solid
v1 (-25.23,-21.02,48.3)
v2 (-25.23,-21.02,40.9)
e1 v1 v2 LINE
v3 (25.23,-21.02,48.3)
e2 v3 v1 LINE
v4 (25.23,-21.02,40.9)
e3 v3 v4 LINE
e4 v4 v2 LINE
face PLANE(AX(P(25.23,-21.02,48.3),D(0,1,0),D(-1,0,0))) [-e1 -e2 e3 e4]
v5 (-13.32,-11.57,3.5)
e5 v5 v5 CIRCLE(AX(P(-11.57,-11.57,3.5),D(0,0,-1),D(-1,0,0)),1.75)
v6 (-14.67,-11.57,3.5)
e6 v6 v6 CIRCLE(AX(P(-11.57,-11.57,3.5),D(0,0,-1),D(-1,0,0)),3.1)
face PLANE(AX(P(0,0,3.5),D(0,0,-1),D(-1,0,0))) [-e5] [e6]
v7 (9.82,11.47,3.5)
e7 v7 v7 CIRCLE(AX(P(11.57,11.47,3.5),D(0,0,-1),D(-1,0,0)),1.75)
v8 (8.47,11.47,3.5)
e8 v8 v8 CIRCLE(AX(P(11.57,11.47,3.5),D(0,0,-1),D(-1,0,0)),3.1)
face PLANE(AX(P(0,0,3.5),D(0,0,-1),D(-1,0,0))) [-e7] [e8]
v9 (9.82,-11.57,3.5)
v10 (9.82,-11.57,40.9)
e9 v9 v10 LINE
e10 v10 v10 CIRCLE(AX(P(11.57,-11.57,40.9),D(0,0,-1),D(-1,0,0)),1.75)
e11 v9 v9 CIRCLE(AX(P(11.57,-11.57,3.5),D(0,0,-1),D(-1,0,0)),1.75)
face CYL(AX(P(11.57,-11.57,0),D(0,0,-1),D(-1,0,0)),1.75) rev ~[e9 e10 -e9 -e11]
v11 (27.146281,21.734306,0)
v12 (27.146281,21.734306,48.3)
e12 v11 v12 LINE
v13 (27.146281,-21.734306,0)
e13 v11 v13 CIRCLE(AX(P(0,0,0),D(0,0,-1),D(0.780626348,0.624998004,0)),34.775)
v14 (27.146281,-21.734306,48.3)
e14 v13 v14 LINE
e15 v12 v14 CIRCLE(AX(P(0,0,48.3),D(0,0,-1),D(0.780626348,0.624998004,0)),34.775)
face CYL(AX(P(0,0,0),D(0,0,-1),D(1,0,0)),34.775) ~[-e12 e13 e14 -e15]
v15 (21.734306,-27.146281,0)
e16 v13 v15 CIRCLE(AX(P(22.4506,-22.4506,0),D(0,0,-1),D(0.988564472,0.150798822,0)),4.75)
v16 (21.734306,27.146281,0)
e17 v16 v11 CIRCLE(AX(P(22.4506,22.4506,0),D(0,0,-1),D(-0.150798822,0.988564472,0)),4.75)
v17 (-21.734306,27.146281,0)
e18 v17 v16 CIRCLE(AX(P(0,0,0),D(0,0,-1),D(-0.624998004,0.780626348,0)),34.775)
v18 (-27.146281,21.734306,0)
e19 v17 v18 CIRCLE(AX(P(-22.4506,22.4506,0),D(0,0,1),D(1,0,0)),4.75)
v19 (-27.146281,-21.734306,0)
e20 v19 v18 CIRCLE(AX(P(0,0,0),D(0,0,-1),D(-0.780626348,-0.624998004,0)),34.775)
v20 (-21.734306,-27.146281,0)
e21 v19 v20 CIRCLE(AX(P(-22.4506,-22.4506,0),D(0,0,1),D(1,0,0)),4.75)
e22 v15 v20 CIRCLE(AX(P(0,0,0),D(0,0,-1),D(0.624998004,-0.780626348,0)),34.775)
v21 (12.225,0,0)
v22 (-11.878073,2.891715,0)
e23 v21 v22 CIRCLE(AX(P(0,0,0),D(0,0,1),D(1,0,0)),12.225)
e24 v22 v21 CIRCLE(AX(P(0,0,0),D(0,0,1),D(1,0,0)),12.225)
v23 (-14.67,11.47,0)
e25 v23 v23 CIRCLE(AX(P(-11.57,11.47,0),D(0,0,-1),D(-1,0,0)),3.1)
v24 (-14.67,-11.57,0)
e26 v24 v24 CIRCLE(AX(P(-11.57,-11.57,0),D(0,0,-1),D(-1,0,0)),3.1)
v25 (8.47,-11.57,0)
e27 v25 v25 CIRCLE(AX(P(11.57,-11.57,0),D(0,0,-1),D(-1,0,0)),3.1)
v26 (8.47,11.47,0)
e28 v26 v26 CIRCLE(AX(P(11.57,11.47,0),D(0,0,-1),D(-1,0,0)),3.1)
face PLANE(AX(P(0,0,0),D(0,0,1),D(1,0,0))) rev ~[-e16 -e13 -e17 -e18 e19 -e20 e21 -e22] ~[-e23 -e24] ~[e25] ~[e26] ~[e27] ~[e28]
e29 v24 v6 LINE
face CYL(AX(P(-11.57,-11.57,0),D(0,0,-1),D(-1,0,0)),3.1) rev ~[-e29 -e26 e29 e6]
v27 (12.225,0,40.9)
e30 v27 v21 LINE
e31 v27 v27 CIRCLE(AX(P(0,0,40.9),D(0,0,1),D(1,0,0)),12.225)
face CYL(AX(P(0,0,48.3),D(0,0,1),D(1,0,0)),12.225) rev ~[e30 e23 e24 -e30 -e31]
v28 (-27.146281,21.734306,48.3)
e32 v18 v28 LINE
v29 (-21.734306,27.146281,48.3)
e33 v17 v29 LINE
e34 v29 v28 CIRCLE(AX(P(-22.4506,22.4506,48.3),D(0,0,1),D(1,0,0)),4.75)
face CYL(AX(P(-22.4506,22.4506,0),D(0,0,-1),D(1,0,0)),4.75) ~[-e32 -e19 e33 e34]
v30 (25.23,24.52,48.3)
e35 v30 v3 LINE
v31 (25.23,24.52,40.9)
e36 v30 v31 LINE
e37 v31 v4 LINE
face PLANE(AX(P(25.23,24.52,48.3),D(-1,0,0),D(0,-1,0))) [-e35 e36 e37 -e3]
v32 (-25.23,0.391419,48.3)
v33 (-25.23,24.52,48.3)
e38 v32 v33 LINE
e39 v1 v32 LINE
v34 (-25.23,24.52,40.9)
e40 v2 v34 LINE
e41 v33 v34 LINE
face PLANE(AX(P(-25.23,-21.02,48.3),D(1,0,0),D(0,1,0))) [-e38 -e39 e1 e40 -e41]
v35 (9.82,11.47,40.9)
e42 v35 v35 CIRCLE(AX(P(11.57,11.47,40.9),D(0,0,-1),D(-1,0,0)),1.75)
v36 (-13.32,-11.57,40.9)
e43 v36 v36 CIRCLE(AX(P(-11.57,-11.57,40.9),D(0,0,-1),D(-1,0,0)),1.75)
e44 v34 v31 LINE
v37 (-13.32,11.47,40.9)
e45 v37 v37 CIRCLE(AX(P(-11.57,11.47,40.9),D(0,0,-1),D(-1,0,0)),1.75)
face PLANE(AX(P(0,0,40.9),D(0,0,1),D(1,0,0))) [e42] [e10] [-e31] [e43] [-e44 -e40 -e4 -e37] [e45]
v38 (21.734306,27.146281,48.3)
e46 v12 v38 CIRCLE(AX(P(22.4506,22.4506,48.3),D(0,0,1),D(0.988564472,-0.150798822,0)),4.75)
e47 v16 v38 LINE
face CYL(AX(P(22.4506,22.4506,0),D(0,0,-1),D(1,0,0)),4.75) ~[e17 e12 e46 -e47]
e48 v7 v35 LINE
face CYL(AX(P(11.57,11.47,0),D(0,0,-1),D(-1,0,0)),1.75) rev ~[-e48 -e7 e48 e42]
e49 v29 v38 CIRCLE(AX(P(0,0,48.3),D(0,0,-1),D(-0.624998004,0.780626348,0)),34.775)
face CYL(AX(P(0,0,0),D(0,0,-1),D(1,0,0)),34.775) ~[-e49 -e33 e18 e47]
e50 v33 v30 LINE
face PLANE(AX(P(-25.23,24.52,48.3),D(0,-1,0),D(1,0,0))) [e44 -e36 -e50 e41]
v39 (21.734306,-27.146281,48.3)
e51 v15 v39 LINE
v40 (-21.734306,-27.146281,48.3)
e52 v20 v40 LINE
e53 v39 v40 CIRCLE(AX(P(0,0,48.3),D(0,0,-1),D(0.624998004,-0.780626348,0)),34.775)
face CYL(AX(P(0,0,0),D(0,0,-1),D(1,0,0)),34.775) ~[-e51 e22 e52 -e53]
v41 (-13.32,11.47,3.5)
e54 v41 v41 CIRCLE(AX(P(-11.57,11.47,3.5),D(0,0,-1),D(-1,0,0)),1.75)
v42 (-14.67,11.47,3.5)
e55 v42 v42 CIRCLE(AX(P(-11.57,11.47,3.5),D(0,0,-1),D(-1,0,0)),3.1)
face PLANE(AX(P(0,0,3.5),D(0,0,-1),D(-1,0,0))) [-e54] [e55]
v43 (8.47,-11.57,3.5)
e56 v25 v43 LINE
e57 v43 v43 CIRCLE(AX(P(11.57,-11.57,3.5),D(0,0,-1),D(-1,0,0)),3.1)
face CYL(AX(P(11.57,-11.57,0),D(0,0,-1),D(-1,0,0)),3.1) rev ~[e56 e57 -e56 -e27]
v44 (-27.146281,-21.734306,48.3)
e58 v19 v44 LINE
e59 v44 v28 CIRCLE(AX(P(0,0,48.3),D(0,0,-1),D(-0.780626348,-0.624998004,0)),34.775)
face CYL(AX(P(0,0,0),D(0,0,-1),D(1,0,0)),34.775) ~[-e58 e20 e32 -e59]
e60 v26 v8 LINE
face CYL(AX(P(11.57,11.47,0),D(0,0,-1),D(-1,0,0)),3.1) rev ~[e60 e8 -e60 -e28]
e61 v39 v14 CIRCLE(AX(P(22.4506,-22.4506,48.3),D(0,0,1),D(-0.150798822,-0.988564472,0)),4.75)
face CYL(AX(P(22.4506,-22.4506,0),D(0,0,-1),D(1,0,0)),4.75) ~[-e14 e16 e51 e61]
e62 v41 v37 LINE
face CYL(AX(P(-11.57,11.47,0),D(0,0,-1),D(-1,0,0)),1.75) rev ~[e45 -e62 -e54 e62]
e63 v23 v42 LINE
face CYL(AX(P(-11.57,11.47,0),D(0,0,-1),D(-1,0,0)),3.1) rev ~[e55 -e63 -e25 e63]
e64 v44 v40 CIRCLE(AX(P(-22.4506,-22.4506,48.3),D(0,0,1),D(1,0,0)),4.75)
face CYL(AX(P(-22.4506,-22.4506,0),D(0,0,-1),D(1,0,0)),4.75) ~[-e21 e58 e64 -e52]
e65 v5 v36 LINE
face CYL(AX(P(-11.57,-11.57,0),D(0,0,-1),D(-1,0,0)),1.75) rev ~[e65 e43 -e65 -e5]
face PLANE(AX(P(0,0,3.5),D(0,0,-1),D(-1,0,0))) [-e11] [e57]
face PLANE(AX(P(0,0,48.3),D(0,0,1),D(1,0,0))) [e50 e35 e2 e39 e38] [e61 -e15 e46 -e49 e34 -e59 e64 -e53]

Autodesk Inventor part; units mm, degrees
ref_plane "YZ Plane" through (0, 0, 0) normal (1, 0, 0) x (0, 1, 0)
ref_plane "XZ Plane" through (0, 0, 0) normal (0, 1, 0) x (-1, 0, 0)
ref_plane "XY Plane" through (0, 0, 0) normal (0, 0, 1) x (1, 0, 0)
sketch "Sketch1" plane through (0, 0, 0) normal (0, 0, 1) x (1, 0, 0)
  circle A0 centre (0, 0) radius 11.25
  circle A1 centre (0, 0) radius 37.0304
  arc A2 (-32.7929, -17.201) -> (-31.2929, -19.799) centre (0, 0) ccw
  line L0 (-32.7929, -17.201) -> (-31.0547, -16.1974)
  line L1 (-32.7929, -17.201) -> (-31.0547, -16.1974)
  line L2 (-29.5547, -18.7955) -> (-31.2929, -19.799)
  line L3 (-31.2929, -19.799) -> (-29.5547, -18.7955)
  line L4 (-16.1974, -31.0547) -> (-17.201, -32.7929)
  line L5 (-17.201, -32.7929) -> (-16.1974, -31.0547)
  arc A3 (-19.799, -31.2929) -> (-17.201, -32.7929) centre (0, 0) ccw
  line L6 (-19.799, -31.2929) -> (-18.7955, -29.5547)
  line L7 (-19.799, -31.2929) -> (-18.7955, -29.5547)
  arc A4 (17.201, -32.7929) -> (19.799, -31.2929) centre (0, 0) ccw
  line L8 (17.201, -32.7929) -> (16.1974, -31.0547)
  line L9 (17.201, -32.7929) -> (16.1974, -31.0547)
  line L10 (18.7955, -29.5547) -> (19.799, -31.2929)
  line L11 (19.799, -31.2929) -> (18.7955, -29.5547)
  arc A5 (31.2929, -19.799) -> (32.7929, -17.201) centre (0, 0) ccw
  line L12 (31.2929, -19.799) -> (29.5547, -18.7955)
  line L13 (31.0547, -16.1974) -> (32.7929, -17.201)
  line L14 (32.7929, -17.201) -> (31.0547, -16.1974)
  line L15 (32.7929, 17.201) -> (31.0547, 16.1974)
  line L16 (32.7929, 17.201) -> (31.0547, 16.1974)
  arc A6 (32.7929, 17.201) -> (31.2929, 19.799) centre (0, 0) ccw
  line L17 (29.5547, 18.7955) -> (31.2929, 19.799)
  line L18 (31.2929, 19.799) -> (29.5547, 18.7955)
  line L19 (16.1974, 31.0547) -> (17.201, 32.7929)
  line L20 (17.201, 32.7929) -> (16.1974, 31.0547)
  line L21 (19.799, 31.2929) -> (18.7955, 29.5547)
  line L22 (19.799, 31.2929) -> (18.7955, 29.5547)
  line L23 (-17.201, 32.7929) -> (-16.1974, 31.0547)
  line L24 (-17.201, 32.7929) -> (-16.1974, 31.0547)
  line L25 (-18.7955, 29.5547) -> (-19.799, 31.2929)
  line L26 (-19.799, 31.2929) -> (-18.7955, 29.5547)
  arc A7 (-31.2929, 19.799) -> (-32.7929, 17.201) centre (0, 0) ccw
  line L27 (-31.2929, 19.799) -> (-29.5547, 18.7955)
  line L28 (-31.2929, 19.799) -> (-29.5547, 18.7955)
  line L29 (-31.0547, 16.1974) -> (-32.7929, 17.201)
  line L30 (-32.7929, 17.201) -> (-31.0547, 16.1974)
  arc A8 (-21.806, -27.4089) -> (-27.4089, -21.806) centre (-22.4506, -22.4506) ccw
  circle A9 centre (-31.75, 0) radius 5
  arc A10 (-3.9618, 34.8002) -> (-2.3096, 31.8679) centre (-22.4506, 22.4506) ccw
  circle A11 centre (-22.4506, 22.4506) radius 5
  circle A12 centre (22.4506, 22.4506) radius 5
  circle A13 centre (22.4506, 22.4506) radius 5
  arc A14 (-3.9618, -34.8002) -> (-1.7951, -38.6456) centre (22.4506, -22.4506) ccw
  circle A15 centre (22.4506, -22.4506) radius 5
  circle A16 centre (-22.4506, 22.4506) radius 4.75
  circle A17 centre (-22.4506, -22.4506) radius 4.75
  circle A18 centre (22.4506, -22.4506) radius 4.75
  circle A19 centre (22.4506, 22.4506) radius 4.75
  circle A20 centre (0, 0) radius 34.775
  circle A21 centre (0, 0) radius 36.75
  point P0 (0, 0)
  point P1 (0, 49.75)
  point P2 (27.1463, 21.7343)
  point P3 (21.7343, 27.1463)
  point P4 (-21.7343, 27.1463)
  point P5 (-27.1463, 21.7343)
  point P6 (-27.1463, -21.7343)
  point P7 (-21.7343, -27.1463)
  point P8 (21.7343, -27.1463)
  point P9 (27.1463, -21.7343)
  dimension "d6" = 70.05
  dimension "d8" = 74.0608
  dimension "d0" = 10
  dimension "d1" = 0.25
  dimension "d4" = 360
  dimension "d7" = 0.25
  dimension "d9" = 73.5
extrude "Extrusion1" add sketch "Sketch1" along normal blind 48.3 contours A0 A10 | A9 A20 A11 A12 A15 A8 | A9 A20 A10 | A10 A20 A9 | A10 A0 | A20 A16 A11 | A8 A20 A17 | A20 A16 | A16 A20 | A20 A17 | A17 A20 | A15 A20 A18 | A20 A19 A12 | A20 A18 | A18 A20 | A20 A19 | A19 A20 picked at (-31.3962, -1.5997) picked at (-30.2693, 2.6951) picked at (-26.6756, 20.1619) picked at (20.1869, -26.6901) picked at (20.1869, 26.6901)
sketch "Skizze6" plane through (0, 0, 48.3) normal (0, 0, 1) x (1, 0, 0)
  circle A0 centre (0, 0) radius 12.225
  dimension "d33" = 24.45
extrude "Extrusion6" cut sketch "Skizze6" against normal through all
sketch "Skizze7" plane through (0, 0, 48.3) normal (0, 0, 1) x (1, 0, 0)
  line L0 (0, 0) -> (0, 1.75)
  line L1 (-25.23, 24.52) -> (25.23, 24.52)
  line L2 (25.23, 24.52) -> (25.23, -21.02)
  line L3 (25.23, -21.02) -> (-25.23, -21.02)
  line L4 (-25.23, -21.02) -> (-25.23, 24.52)
  line L5 (-25.23, 24.52) -> (25.23, -21.02) construction
  line L6 (25.23, 24.52) -> (-25.23, -21.02) construction
  dimension "d48" = 1.75
  dimension "d49" = 50.46
  dimension "d50" = 45.54
extrude "Extrusion7" cut sketch "Skizze7" against normal blind 7.4
sketch "Skizze8" plane through (0, 0, 0) normal (0, 0, -1) x (-1, 0, 0)
  circle A0 centre (0, 0) radius 12.225 projected
  line L0 (-11.57, 11.47) -> (11.57, 11.47)
  line L1 (11.57, 11.57) -> (11.57, -11.57)
  line L2 (11.57, -11.57) -> (-11.57, -11.57)
  line L3 (-11.57, -11.57) -> (-11.57, 11.57)
  line L4 (-11.57, 11.57) -> (11.57, -11.57) construction
  line L5 (11.57, 11.57) -> (-11.57, -11.57) construction
  circle A1 centre (-11.57, 11.47) radius 1.75
  circle A2 centre (11.57, 11.47) radius 1.75
  circle A3 centre (11.57, -11.57) radius 1.75
  circle A4 centre (-11.57, -11.57) radius 1.75
  dimension "d40" = 23.14
  dimension "d41" = 23.14
  dimension "d42" = 3.5
  dimension "d43" = 3.5
  dimension "d44" = 3.5
  dimension "d45" = 3.5
extrude "Extrusion8" cut sketch "Skizze8" against normal through all contours A2 L0 L1 | L1 L0 A2 | A3 L2 L1 | L1 L2 A3 | A1 L3 L0 | L0 L3 A1 | A4 L3 L2 | L2 L3 A4
sketch "Skizze9" plane through (0, 0, 0) normal (0, 0, -1) x (-1, 0, 0)
  circle A0 centre (-11.57, 11.47) radius 1.75 projected
  circle A1 centre (11.57, 11.47) radius 1.75 projected
  circle A2 centre (11.57, -11.57) radius 1.75 projected
  circle A3 centre (-11.57, -11.57) radius 1.75 projected
  circle A4 centre (-11.57, 11.47) radius 3.1
  circle A5 centre (11.57, 11.47) radius 3.1
  circle A6 centre (11.57, -11.57) radius 3.1
  circle A7 centre (-11.57, -11.57) radius 3.1
  point P0 (0, 0)
  dimension "d51" = 6.2
  dimension "d52" = 6.2
  dimension "d53" = 6.2
  dimension "d54" = 6.2
extrude "Extrusion9" cut sketch "Skizze9" against normal blind 3.5 contours A0 | A1 | A2 | A3 | A4 | A5 | A6 | A7
properties part number "2024_09_13_beam_combiner_blende_UHP_LED"
